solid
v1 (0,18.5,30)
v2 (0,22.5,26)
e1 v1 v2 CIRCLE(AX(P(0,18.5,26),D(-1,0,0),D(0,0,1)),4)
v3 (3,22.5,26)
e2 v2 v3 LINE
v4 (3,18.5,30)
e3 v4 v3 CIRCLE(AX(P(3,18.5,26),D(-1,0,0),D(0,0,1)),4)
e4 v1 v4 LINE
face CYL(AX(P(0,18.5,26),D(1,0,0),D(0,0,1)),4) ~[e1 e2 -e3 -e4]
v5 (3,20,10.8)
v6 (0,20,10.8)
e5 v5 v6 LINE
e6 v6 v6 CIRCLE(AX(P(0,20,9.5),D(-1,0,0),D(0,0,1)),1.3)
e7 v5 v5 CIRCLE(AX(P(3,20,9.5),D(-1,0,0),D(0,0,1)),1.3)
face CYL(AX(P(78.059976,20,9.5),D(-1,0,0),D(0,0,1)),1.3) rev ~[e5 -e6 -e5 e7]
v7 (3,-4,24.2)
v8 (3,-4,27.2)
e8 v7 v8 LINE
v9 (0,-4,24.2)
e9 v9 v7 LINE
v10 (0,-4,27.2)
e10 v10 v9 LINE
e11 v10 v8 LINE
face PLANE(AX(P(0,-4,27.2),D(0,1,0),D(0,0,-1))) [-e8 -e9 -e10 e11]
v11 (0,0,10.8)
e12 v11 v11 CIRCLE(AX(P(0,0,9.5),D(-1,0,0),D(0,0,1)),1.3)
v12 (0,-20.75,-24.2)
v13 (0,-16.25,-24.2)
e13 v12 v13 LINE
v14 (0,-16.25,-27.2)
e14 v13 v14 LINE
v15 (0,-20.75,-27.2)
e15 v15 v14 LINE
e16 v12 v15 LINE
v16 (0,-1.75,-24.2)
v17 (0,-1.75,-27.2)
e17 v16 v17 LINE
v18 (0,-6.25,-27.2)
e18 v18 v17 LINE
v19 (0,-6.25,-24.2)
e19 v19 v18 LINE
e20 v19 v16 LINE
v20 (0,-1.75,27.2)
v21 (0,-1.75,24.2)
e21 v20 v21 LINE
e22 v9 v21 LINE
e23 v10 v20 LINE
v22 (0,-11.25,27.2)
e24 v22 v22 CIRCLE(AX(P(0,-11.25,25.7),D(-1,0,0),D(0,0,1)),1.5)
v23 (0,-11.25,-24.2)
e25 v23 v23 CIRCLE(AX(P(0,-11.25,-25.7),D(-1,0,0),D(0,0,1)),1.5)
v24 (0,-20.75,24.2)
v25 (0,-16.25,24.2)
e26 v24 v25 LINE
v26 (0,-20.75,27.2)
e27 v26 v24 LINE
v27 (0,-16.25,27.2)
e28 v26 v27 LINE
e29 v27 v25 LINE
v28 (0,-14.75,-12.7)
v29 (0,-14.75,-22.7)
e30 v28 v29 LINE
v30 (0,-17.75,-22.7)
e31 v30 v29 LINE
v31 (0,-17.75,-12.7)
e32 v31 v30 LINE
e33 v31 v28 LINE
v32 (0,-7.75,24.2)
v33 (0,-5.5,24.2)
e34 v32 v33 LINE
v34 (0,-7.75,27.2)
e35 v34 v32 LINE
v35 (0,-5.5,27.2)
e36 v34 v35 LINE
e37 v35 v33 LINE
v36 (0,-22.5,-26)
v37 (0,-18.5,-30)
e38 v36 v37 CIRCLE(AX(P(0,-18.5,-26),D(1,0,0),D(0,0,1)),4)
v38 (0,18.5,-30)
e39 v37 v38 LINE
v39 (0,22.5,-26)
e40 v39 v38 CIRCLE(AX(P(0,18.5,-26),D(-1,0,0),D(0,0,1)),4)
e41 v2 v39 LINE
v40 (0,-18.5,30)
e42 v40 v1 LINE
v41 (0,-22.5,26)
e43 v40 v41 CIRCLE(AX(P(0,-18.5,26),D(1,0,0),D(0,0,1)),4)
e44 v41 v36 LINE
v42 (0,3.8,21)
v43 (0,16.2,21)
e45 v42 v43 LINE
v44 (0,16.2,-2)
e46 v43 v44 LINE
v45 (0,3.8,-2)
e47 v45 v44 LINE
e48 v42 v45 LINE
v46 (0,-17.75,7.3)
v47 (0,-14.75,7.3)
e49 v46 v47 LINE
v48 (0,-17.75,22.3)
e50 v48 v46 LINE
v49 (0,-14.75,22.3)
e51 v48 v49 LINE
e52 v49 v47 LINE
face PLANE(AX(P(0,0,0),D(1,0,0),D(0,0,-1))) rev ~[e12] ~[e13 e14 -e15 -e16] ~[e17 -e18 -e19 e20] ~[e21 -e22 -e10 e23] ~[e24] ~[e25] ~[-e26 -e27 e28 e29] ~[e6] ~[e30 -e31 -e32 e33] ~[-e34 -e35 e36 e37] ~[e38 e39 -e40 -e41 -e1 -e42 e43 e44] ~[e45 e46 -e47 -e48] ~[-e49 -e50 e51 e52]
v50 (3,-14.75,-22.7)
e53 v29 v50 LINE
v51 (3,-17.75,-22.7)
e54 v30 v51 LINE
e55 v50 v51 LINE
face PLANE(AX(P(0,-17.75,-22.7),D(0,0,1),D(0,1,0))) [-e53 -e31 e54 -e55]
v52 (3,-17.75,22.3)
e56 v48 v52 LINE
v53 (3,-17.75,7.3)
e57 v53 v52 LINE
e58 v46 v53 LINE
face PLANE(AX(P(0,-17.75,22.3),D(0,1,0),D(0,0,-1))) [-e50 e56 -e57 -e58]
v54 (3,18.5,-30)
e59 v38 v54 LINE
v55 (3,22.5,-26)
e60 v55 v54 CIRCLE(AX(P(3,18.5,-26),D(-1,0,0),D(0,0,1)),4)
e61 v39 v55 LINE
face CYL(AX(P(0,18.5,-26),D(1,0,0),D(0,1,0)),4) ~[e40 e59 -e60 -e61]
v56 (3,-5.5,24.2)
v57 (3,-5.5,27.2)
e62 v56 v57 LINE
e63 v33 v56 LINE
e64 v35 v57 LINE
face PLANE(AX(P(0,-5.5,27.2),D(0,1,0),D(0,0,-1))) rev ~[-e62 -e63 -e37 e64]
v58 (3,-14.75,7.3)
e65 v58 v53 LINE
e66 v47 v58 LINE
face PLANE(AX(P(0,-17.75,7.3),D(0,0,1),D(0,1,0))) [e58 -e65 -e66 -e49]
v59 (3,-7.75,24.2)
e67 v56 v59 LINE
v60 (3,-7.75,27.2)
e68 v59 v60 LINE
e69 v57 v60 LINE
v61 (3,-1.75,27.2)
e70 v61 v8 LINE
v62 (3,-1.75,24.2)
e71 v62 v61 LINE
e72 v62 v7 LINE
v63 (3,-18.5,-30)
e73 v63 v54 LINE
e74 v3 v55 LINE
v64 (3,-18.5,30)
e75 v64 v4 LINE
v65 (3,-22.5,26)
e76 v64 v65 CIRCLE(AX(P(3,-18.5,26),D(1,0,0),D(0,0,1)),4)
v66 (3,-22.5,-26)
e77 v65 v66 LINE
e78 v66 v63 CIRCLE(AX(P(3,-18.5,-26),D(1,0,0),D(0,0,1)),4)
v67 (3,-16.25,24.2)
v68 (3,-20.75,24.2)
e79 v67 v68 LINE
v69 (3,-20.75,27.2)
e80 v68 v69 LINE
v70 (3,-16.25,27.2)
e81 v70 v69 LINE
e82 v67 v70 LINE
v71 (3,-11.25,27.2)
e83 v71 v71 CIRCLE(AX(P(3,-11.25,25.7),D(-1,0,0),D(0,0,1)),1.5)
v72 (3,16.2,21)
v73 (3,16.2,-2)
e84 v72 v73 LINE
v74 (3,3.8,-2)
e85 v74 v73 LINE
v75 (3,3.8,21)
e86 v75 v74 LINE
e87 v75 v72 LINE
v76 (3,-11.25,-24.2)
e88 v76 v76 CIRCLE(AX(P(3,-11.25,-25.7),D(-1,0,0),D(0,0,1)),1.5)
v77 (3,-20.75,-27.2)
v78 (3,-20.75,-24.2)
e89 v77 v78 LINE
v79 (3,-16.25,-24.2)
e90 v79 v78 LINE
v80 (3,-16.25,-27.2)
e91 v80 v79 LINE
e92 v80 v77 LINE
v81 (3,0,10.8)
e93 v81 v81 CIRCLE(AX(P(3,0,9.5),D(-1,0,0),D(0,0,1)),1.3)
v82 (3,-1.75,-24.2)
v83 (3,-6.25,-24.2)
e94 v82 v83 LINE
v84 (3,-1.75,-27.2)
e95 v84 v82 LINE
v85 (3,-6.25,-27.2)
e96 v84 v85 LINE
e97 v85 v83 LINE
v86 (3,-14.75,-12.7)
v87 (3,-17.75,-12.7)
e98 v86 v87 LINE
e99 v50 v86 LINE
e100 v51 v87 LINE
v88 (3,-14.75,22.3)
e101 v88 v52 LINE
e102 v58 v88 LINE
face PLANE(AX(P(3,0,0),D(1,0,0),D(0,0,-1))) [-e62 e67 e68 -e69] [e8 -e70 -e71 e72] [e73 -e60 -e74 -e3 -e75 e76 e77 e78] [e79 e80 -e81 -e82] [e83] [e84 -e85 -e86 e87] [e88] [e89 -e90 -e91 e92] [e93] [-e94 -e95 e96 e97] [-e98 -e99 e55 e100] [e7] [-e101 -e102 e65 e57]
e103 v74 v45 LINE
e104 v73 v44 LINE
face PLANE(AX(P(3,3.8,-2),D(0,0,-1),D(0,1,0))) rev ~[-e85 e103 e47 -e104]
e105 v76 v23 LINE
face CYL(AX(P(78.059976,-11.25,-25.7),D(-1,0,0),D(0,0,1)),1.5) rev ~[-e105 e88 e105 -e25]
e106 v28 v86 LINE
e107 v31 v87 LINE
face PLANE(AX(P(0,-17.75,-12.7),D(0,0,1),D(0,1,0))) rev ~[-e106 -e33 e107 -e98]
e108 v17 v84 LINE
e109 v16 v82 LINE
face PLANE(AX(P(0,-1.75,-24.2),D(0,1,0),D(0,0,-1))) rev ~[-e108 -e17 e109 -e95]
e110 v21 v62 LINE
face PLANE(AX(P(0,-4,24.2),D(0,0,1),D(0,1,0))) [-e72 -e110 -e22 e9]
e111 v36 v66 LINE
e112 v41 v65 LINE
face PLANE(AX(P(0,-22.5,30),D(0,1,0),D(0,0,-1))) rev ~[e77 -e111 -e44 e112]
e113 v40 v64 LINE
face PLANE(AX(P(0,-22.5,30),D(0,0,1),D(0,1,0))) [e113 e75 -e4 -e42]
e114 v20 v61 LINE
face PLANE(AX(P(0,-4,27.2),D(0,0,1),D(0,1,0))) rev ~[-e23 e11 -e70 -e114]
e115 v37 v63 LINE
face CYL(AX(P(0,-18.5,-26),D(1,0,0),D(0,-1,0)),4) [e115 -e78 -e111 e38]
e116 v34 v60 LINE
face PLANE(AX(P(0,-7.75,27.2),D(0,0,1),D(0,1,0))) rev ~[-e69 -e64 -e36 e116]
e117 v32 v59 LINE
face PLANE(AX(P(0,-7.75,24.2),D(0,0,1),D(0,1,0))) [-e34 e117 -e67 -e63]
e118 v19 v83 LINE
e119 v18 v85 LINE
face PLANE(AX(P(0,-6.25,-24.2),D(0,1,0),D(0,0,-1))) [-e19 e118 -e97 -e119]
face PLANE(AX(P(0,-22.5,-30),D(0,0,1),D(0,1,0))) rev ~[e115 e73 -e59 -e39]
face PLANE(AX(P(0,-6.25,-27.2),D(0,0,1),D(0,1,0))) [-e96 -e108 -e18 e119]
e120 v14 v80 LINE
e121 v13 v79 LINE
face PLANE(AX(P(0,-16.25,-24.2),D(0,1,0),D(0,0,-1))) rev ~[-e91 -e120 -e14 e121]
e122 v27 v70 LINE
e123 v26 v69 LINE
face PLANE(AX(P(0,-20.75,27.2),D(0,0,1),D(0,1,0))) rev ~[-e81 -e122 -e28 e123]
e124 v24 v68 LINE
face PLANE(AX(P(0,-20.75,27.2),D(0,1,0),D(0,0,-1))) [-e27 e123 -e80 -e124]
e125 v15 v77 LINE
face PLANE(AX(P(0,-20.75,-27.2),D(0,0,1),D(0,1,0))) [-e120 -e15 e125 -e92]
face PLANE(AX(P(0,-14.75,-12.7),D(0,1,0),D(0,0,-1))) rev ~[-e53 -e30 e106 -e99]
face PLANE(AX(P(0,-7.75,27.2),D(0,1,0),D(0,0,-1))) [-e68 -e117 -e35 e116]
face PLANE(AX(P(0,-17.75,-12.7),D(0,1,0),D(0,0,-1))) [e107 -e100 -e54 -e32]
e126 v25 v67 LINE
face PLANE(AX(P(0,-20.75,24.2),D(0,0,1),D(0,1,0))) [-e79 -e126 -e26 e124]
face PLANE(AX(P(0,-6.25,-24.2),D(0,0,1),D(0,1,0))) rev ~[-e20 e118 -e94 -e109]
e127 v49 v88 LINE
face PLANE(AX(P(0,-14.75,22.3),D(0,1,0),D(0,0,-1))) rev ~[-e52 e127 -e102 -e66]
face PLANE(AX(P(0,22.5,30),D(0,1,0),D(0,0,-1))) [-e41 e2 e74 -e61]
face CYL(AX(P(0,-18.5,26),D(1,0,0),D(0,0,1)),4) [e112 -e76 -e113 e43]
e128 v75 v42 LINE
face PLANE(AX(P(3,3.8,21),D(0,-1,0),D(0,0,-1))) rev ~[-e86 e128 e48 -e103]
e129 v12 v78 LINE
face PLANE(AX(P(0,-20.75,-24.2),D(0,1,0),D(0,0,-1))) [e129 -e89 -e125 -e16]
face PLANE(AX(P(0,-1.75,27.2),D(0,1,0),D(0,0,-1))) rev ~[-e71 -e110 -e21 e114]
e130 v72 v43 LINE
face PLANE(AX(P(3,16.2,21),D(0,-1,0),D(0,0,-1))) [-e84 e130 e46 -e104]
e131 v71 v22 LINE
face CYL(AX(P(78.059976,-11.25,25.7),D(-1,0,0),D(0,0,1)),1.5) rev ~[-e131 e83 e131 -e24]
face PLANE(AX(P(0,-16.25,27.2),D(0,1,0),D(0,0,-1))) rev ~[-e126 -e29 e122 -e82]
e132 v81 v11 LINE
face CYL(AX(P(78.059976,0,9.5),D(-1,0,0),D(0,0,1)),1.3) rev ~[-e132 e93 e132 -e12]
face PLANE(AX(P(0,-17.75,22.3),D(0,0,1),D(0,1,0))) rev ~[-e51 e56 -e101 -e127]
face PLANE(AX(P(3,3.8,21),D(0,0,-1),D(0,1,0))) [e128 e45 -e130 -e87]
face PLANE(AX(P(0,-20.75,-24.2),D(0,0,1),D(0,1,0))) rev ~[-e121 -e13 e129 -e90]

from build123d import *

# Parameters (mm, degrees)
ESBO_O1_W                    = 60
ESBO_O1_H                    = 45
RESSALTO_EXTRUS_O1_DEPTH     = 3
FURO_DE_DI_METRO_3_0_3_1_D   = 3
ESBO_O9_W                    = 3
ESBO_O9_H                    = 4.5
ESBO_O9_H_2                  = 2.25
CORTE_EXTRUS_O2_DEPTH        = 38.619808612
PERFIL_CORTE_W               = 23
PERFIL_CORTE_H               = 12.4
CORTE_PRINCIPAL_DEPTH        = 71.704257164
FURO_DE_DI_METRO_2_6_2_6_1_D = 2.6
FILETE1_R                    = 4
ESBO_O6_W                    = 15
ESBO_O6_H                    = 3
ESBO_O6_W_2                  = 10
CORTE_EXTRUS_O1_DEPTH        = 38.619808612


with BuildPart() as part:
    # Esboço1 → Ressalto-extrusão1 (new body)
    with BuildSketch(Plane(origin=(0, 0, 0), x_dir=(0, 0, -1), z_dir=(1, 0, 0))):
        Rectangle(ESBO_O1_W, ESBO_O1_H)
    extrude(amount=RESSALTO_EXTRUS_O1_DEPTH)

    # Furo de diâmetro Ø3.0 (3)1 (through all)
    with Locations(Plane(origin=(3, 0, 0), x_dir=(0, 0, -1), z_dir=(1, 0, 0))):
        with Locations((-25.7, -11.25), (25.7, -11.25)):
            Hole(FURO_DE_DI_METRO_3_0_3_1_D / 2)

    # Esboço9 → Corte-extrusão2 (cut, through all)
    with BuildSketch(Plane(origin=(0, 0, 0), x_dir=(0, 0, -1), z_dir=(1, 0, 0))):
        with Locations((-25.7, -18.5)):
            Rectangle(ESBO_O9_W, ESBO_O9_H)
        with Locations((-25.7, -2.875)):
            Rectangle(ESBO_O9_W, ESBO_O9_H_2)
        with Locations((-25.7, -6.625)):
            Rectangle(ESBO_O9_W, ESBO_O9_H_2)
        with Locations((25.7, -18.5)):
            Rectangle(ESBO_O9_W, ESBO_O9_H)
        with Locations((25.7, -4)):
            Rectangle(ESBO_O9_W, ESBO_O9_H)
    extrude(amount=CORTE_EXTRUS_O2_DEPTH, mode=Mode.SUBTRACT)

    # Perfil Corte → Corte Principal (cut, through all)
    with BuildSketch(Plane(origin=(3, -11.32307532, -32.016865102), x_dir=(0, 0, -1), z_dir=(1, 0, 0))):
        with Locations((-41.516865102, 21.32307532)):
            Rectangle(PERFIL_CORTE_W, PERFIL_CORTE_H)
    extrude(amount=-CORTE_PRINCIPAL_DEPTH, mode=Mode.SUBTRACT)

    # Furo de diâmetro Ø2.6 (2.6)1 (through all)
    with Locations(Plane(origin=(3, -5, 96.504216275), x_dir=(0, 0, -1), z_dir=(1, 0, 0))):
        with Locations((87.004216275, 25), (87.004216275, 5)):
            Hole(FURO_DE_DI_METRO_2_6_2_6_1_D / 2)

    # Filete1
    filete1_edges = [part.edges().sort_by_distance(p)[0] for p in [
        (1.5, 22.5, 30),
        (1.5, 22.5, -30),
        (1.5, -22.5, -30),
        (1.5, -22.5, 30),
    ]]
    fillet(filete1_edges, radius=FILETE1_R)

    # Esboço6 → Corte-extrusão1 (cut, through all)
    with BuildSketch(Plane(origin=(0, 0, 0), x_dir=(0, 0, -1), z_dir=(1, 0, 0))):
        with Locations((-14.8, -16.25)):
            Rectangle(ESBO_O6_W, ESBO_O6_H)
        with Locations((17.7, -16.25)):
            Rectangle(ESBO_O6_W_2, ESBO_O6_H)
    extrude(amount=CORTE_EXTRUS_O1_DEPTH, mode=Mode.SUBTRACT)


solid = part.part
